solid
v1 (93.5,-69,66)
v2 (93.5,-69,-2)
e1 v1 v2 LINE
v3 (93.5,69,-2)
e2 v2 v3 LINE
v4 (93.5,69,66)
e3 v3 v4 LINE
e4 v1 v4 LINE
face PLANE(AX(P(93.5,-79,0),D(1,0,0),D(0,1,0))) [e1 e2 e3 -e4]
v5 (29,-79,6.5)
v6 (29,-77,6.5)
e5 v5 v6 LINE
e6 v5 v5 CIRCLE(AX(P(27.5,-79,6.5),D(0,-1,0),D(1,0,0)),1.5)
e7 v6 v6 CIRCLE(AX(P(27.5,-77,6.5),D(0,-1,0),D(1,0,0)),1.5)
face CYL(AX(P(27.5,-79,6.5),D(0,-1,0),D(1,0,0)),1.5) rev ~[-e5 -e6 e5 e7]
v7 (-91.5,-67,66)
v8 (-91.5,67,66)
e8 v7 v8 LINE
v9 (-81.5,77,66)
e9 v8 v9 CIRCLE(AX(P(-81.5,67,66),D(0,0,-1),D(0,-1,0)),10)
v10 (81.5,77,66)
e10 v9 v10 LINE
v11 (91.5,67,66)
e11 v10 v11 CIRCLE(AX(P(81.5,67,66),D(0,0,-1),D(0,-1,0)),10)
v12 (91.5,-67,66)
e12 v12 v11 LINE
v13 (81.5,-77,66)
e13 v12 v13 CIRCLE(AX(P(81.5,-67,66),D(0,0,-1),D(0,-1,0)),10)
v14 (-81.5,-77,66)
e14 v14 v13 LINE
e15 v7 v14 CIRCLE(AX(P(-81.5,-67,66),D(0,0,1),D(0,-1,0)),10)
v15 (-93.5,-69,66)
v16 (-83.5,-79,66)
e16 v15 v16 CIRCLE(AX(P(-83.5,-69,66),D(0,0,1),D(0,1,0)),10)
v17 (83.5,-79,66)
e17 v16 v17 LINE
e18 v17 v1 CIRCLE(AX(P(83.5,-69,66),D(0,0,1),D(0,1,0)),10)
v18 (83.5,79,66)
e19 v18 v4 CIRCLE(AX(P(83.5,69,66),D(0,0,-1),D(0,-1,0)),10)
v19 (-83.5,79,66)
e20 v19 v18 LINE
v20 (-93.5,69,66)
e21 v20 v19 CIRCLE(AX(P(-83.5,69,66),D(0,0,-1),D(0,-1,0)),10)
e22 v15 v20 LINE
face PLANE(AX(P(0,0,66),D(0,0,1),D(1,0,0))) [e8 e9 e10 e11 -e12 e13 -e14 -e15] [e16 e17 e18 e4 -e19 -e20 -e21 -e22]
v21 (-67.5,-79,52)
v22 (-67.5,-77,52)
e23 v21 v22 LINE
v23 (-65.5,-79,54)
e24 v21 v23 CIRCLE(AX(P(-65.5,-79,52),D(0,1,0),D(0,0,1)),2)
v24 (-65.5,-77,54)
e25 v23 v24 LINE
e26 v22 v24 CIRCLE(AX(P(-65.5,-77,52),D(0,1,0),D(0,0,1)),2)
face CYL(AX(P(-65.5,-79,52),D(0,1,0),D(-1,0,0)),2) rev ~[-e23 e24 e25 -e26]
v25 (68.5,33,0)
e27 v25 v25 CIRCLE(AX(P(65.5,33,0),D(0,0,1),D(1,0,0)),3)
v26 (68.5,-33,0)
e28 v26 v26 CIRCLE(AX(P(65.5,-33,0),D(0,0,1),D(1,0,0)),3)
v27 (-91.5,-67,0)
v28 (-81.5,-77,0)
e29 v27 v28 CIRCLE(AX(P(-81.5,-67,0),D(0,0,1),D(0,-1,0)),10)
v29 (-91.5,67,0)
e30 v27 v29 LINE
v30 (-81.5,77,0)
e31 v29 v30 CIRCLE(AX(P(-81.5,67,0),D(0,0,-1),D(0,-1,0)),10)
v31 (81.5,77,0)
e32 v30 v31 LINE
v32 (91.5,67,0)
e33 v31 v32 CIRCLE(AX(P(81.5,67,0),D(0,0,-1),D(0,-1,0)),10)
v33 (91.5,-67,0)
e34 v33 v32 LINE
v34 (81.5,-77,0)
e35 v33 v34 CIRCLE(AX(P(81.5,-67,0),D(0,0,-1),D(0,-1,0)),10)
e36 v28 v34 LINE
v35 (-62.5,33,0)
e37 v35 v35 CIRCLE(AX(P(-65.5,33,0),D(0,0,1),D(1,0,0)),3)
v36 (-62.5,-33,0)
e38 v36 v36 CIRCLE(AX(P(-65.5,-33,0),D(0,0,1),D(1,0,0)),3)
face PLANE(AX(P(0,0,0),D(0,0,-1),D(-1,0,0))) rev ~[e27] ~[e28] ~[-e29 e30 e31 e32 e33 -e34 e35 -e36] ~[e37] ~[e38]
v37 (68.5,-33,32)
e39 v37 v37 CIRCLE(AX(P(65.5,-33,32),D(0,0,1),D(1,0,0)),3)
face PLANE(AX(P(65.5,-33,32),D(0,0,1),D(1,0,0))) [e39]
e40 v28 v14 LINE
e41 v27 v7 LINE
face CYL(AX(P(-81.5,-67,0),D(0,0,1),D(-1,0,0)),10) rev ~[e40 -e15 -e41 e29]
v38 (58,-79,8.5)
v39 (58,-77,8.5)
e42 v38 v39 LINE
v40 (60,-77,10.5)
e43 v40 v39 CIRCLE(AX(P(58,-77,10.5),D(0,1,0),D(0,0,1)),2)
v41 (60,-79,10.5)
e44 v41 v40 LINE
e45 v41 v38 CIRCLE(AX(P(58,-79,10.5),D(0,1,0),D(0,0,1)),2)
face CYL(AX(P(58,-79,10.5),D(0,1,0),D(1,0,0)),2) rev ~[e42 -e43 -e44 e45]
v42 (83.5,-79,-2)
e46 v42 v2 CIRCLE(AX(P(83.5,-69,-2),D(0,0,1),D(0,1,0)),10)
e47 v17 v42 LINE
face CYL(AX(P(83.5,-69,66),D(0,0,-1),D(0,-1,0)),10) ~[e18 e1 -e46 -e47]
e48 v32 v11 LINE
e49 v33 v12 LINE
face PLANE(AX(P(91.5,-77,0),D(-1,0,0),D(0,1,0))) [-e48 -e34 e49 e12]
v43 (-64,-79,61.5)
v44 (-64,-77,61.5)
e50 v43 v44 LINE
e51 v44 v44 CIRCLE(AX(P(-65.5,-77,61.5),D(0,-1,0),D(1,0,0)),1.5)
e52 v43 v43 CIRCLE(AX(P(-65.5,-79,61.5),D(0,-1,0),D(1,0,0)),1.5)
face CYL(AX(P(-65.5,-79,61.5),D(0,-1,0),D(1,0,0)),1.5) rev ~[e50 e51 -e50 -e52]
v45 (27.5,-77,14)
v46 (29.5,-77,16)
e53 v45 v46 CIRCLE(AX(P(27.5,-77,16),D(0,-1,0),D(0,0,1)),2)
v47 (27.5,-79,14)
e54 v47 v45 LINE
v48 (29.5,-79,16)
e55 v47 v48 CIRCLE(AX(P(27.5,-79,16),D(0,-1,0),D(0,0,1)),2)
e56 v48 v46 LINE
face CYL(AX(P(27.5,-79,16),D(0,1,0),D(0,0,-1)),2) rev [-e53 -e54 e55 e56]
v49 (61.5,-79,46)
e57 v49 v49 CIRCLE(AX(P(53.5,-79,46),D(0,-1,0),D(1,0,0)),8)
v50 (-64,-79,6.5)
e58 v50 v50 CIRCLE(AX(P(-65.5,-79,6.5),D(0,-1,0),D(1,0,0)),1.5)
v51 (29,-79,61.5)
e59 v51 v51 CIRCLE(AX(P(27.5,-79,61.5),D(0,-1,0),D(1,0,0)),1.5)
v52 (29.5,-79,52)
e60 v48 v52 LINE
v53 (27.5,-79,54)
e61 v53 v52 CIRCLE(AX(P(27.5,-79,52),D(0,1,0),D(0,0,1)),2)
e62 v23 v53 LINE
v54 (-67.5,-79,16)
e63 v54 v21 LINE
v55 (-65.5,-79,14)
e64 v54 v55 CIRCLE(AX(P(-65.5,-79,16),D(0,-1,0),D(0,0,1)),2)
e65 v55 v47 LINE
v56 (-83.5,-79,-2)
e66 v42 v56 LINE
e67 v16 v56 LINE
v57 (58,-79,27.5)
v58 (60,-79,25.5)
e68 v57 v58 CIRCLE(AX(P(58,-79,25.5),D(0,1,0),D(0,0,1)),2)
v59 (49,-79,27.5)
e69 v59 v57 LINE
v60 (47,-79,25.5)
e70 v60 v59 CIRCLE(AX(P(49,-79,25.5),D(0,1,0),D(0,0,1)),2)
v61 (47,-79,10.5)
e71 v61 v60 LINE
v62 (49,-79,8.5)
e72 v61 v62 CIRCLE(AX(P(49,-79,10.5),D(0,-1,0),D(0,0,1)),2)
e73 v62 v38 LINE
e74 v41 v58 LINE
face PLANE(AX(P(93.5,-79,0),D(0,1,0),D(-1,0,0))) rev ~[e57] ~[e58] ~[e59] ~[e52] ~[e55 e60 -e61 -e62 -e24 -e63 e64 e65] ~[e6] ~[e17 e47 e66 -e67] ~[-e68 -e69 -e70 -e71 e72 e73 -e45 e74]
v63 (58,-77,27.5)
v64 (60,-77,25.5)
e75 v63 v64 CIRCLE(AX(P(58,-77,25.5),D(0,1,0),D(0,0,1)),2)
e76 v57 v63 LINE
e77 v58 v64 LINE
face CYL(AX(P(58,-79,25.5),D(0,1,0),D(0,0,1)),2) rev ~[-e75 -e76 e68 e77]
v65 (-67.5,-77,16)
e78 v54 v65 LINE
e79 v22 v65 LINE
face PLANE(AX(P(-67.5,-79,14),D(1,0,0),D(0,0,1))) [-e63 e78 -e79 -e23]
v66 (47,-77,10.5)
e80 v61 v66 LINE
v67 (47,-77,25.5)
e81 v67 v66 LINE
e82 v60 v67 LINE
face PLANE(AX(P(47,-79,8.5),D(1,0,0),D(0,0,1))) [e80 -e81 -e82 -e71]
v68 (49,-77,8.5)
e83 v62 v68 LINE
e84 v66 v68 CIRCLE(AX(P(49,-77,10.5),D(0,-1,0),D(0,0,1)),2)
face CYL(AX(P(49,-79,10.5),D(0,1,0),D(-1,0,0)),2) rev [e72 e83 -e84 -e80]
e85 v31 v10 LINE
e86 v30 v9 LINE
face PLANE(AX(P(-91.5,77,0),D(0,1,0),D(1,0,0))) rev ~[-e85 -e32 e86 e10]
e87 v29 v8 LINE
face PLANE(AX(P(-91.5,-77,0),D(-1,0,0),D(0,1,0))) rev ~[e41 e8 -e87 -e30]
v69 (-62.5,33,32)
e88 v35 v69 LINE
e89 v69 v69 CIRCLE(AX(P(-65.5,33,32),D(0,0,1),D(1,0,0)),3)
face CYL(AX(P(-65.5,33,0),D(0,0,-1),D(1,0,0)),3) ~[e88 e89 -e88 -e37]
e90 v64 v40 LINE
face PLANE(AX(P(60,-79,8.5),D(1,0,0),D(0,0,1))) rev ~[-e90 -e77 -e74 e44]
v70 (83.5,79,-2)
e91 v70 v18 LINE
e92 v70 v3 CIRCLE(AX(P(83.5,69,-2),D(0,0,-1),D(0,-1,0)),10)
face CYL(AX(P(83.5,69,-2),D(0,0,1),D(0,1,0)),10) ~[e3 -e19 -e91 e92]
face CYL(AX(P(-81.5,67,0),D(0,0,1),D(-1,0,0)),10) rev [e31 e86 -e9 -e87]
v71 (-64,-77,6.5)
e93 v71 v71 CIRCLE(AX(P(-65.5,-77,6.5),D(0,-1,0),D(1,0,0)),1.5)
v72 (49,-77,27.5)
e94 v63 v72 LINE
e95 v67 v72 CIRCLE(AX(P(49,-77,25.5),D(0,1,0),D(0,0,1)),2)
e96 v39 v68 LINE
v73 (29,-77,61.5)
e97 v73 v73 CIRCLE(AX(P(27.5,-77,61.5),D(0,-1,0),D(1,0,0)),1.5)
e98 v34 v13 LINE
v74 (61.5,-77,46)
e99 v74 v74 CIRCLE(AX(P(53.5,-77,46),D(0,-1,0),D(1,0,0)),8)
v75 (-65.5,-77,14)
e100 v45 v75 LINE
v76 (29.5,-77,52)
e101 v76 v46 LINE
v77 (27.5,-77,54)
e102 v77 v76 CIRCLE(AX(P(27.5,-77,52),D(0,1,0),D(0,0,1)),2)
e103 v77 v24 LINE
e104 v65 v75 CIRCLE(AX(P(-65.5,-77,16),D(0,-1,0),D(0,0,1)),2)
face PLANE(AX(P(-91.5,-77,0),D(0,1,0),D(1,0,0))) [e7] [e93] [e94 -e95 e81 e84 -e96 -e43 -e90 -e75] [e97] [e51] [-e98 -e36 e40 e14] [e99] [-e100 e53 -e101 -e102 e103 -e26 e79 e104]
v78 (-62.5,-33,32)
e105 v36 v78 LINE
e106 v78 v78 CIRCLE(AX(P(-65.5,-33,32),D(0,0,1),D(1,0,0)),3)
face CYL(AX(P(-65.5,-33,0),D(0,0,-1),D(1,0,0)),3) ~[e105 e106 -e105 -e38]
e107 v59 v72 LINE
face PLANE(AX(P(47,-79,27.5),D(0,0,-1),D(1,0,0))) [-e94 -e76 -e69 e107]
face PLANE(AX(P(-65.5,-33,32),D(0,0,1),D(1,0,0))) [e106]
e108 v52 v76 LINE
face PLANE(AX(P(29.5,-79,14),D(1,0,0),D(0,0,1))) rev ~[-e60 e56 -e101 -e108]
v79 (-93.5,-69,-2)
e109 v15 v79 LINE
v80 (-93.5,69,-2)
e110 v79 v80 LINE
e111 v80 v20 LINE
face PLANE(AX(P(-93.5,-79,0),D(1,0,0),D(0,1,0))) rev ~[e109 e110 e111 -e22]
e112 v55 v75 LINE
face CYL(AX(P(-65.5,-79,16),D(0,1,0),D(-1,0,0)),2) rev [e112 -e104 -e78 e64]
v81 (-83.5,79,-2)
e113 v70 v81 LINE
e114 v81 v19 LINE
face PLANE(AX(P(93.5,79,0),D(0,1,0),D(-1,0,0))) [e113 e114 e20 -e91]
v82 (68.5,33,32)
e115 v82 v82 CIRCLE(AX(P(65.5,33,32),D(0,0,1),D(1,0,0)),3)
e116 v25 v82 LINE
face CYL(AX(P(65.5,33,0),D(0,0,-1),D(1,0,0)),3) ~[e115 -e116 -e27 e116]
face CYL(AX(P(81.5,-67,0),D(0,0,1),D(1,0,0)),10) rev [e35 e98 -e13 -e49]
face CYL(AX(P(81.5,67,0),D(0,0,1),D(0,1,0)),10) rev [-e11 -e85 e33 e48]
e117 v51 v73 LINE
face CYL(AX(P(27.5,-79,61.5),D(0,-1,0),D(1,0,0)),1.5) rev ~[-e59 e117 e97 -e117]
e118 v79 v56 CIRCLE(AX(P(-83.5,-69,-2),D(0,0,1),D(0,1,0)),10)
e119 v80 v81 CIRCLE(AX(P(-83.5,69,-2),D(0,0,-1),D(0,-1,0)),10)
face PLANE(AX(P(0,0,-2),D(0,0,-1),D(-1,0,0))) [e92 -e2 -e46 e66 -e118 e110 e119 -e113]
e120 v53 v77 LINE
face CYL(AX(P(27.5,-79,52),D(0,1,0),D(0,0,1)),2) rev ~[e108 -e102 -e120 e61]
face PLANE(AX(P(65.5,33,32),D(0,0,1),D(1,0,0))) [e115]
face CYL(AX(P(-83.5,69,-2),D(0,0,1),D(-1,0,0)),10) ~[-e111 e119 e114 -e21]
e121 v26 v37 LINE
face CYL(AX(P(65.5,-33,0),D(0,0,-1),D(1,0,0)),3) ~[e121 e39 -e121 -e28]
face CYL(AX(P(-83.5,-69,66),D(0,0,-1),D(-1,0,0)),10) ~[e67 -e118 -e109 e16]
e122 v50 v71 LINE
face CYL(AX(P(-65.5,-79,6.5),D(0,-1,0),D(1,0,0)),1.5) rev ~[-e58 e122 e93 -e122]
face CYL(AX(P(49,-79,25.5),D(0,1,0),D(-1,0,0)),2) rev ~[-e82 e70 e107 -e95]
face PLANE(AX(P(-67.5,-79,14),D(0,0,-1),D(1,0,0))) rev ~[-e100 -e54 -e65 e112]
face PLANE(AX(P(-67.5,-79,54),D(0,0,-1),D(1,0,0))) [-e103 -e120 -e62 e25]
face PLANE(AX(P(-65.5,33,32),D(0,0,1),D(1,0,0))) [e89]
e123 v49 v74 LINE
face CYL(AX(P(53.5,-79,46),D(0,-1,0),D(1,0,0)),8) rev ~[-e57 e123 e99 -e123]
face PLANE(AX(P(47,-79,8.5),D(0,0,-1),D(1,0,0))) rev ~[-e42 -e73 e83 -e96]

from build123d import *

# Parameters (mm, degrees)
SKETCH1_W           = 187
SKETCH1_H           = 158
SKETCH1_W_2         = 183
SKETCH1_H_2         = 154
BOSS_EXTRUDE1_DEPTH = 66
SKETCH2_W           = 187
SKETCH2_H           = 158
BOSS_EXTRUDE2_DEPTH = 2
FILLET1_R           = 10
FILLET2_R           = 10
SKETCH3_R           = 3
BOSS_EXTRUDE3_DEPTH = 32
SKETCH4_W           = 97
SKETCH4_H           = 40
CUT_EXTRUDE1_DEPTH  = 10
SKETCH5_R           = 1.5
CUT_EXTRUDE2_DEPTH  = 10
SKETCH6_R           = 8
SKETCH6_W           = 13
SKETCH6_H           = 19
CUT_EXTRUDE3_DEPTH  = 10
FILLET3_R           = 2


with BuildPart() as part:
    # Sketch1 → Boss-Extrude1 (new body)
    with BuildSketch(Plane.XY):
        Rectangle(SKETCH1_W, SKETCH1_H)
        Rectangle(SKETCH1_W_2, SKETCH1_H_2, mode=Mode.SUBTRACT)
    extrude(amount=BOSS_EXTRUDE1_DEPTH)

    # Sketch2 → Boss-Extrude2 (add)
    with BuildSketch(Plane(origin=(0, 0, 0), x_dir=(-1, 0, 0), z_dir=(0, 0, -1))):
        Rectangle(SKETCH2_W, SKETCH2_H)
    extrude(amount=BOSS_EXTRUDE2_DEPTH)

    # Fillet1
    fillet1_edges = [part.edges().sort_by_distance(p)[0] for p in [
        (91.5, -77, 33),
        (91.5, 77, 33),
        (-91.5, 77, 33),
        (-91.5, -77, 33),
    ]]
    fillet(fillet1_edges, radius=FILLET1_R)

    # Fillet2
    fillet2_edges = [part.edges().sort_by_distance(p)[0] for p in [
        (93.5, -79, 32),
        (-93.5, -79, 32),
        (-93.5, 79, 32),
        (93.5, 79, 32),
    ]]
    fillet(fillet2_edges, radius=FILLET2_R)

    # Sketch3 → Boss-Extrude3 (add)
    with BuildSketch(Plane.XY):
        with Locations((-65.5, 33)):
            Circle(SKETCH3_R)
        with Locations((65.5, 33)):
            Circle(SKETCH3_R)
        with Locations((65.5, -33)):
            Circle(SKETCH3_R)
        with Locations((-65.5, -33)):
            Circle(SKETCH3_R)
    extrude(amount=BOSS_EXTRUDE3_DEPTH)

    # Sketch4 → Cut-Extrude1 (cut)
    with BuildSketch(Plane.XZ.offset(79)):
        with Locations((-19, 34)):
            Rectangle(SKETCH4_W, SKETCH4_H)
    extrude(amount=-CUT_EXTRUDE1_DEPTH, mode=Mode.SUBTRACT)

    # Sketch5 → Cut-Extrude2 (cut)
    with BuildSketch(Plane.XZ.offset(79)):
        with Locations((-65.5, 61.5)):
            Circle(SKETCH5_R)
        with Locations((27.5, 61.5)):
            Circle(SKETCH5_R)
        with Locations((-65.5, 6.5)):
            Circle(SKETCH5_R)
        with Locations((27.5, 6.5)):
            Circle(SKETCH5_R)
    extrude(amount=-CUT_EXTRUDE2_DEPTH, mode=Mode.SUBTRACT)

    # Sketch6 → Cut-Extrude3 (cut)
    with BuildSketch(Plane.XZ.offset(79)):
        with Locations((53.5, 46)):
            Circle(SKETCH6_R)
        with Locations((53.5, 18)):
            Rectangle(SKETCH6_W, SKETCH6_H)
    extrude(amount=-CUT_EXTRUDE3_DEPTH, mode=Mode.SUBTRACT)

    # Fillet3
    fillet3_edges = [part.edges().sort_by_distance(p)[0] for p in [
        (29.5, -78, 54),
        (29.5, -78, 14),
        (-67.5, -78, 14),
        (-67.5, -78, 54),
        (60, -78, 27.5),
        (60, -78, 8.5),
        (47, -78, 8.5),
        (47, -78, 27.5),
    ]]
    fillet(fillet3_edges, radius=FILLET3_R)


solid = part.part
